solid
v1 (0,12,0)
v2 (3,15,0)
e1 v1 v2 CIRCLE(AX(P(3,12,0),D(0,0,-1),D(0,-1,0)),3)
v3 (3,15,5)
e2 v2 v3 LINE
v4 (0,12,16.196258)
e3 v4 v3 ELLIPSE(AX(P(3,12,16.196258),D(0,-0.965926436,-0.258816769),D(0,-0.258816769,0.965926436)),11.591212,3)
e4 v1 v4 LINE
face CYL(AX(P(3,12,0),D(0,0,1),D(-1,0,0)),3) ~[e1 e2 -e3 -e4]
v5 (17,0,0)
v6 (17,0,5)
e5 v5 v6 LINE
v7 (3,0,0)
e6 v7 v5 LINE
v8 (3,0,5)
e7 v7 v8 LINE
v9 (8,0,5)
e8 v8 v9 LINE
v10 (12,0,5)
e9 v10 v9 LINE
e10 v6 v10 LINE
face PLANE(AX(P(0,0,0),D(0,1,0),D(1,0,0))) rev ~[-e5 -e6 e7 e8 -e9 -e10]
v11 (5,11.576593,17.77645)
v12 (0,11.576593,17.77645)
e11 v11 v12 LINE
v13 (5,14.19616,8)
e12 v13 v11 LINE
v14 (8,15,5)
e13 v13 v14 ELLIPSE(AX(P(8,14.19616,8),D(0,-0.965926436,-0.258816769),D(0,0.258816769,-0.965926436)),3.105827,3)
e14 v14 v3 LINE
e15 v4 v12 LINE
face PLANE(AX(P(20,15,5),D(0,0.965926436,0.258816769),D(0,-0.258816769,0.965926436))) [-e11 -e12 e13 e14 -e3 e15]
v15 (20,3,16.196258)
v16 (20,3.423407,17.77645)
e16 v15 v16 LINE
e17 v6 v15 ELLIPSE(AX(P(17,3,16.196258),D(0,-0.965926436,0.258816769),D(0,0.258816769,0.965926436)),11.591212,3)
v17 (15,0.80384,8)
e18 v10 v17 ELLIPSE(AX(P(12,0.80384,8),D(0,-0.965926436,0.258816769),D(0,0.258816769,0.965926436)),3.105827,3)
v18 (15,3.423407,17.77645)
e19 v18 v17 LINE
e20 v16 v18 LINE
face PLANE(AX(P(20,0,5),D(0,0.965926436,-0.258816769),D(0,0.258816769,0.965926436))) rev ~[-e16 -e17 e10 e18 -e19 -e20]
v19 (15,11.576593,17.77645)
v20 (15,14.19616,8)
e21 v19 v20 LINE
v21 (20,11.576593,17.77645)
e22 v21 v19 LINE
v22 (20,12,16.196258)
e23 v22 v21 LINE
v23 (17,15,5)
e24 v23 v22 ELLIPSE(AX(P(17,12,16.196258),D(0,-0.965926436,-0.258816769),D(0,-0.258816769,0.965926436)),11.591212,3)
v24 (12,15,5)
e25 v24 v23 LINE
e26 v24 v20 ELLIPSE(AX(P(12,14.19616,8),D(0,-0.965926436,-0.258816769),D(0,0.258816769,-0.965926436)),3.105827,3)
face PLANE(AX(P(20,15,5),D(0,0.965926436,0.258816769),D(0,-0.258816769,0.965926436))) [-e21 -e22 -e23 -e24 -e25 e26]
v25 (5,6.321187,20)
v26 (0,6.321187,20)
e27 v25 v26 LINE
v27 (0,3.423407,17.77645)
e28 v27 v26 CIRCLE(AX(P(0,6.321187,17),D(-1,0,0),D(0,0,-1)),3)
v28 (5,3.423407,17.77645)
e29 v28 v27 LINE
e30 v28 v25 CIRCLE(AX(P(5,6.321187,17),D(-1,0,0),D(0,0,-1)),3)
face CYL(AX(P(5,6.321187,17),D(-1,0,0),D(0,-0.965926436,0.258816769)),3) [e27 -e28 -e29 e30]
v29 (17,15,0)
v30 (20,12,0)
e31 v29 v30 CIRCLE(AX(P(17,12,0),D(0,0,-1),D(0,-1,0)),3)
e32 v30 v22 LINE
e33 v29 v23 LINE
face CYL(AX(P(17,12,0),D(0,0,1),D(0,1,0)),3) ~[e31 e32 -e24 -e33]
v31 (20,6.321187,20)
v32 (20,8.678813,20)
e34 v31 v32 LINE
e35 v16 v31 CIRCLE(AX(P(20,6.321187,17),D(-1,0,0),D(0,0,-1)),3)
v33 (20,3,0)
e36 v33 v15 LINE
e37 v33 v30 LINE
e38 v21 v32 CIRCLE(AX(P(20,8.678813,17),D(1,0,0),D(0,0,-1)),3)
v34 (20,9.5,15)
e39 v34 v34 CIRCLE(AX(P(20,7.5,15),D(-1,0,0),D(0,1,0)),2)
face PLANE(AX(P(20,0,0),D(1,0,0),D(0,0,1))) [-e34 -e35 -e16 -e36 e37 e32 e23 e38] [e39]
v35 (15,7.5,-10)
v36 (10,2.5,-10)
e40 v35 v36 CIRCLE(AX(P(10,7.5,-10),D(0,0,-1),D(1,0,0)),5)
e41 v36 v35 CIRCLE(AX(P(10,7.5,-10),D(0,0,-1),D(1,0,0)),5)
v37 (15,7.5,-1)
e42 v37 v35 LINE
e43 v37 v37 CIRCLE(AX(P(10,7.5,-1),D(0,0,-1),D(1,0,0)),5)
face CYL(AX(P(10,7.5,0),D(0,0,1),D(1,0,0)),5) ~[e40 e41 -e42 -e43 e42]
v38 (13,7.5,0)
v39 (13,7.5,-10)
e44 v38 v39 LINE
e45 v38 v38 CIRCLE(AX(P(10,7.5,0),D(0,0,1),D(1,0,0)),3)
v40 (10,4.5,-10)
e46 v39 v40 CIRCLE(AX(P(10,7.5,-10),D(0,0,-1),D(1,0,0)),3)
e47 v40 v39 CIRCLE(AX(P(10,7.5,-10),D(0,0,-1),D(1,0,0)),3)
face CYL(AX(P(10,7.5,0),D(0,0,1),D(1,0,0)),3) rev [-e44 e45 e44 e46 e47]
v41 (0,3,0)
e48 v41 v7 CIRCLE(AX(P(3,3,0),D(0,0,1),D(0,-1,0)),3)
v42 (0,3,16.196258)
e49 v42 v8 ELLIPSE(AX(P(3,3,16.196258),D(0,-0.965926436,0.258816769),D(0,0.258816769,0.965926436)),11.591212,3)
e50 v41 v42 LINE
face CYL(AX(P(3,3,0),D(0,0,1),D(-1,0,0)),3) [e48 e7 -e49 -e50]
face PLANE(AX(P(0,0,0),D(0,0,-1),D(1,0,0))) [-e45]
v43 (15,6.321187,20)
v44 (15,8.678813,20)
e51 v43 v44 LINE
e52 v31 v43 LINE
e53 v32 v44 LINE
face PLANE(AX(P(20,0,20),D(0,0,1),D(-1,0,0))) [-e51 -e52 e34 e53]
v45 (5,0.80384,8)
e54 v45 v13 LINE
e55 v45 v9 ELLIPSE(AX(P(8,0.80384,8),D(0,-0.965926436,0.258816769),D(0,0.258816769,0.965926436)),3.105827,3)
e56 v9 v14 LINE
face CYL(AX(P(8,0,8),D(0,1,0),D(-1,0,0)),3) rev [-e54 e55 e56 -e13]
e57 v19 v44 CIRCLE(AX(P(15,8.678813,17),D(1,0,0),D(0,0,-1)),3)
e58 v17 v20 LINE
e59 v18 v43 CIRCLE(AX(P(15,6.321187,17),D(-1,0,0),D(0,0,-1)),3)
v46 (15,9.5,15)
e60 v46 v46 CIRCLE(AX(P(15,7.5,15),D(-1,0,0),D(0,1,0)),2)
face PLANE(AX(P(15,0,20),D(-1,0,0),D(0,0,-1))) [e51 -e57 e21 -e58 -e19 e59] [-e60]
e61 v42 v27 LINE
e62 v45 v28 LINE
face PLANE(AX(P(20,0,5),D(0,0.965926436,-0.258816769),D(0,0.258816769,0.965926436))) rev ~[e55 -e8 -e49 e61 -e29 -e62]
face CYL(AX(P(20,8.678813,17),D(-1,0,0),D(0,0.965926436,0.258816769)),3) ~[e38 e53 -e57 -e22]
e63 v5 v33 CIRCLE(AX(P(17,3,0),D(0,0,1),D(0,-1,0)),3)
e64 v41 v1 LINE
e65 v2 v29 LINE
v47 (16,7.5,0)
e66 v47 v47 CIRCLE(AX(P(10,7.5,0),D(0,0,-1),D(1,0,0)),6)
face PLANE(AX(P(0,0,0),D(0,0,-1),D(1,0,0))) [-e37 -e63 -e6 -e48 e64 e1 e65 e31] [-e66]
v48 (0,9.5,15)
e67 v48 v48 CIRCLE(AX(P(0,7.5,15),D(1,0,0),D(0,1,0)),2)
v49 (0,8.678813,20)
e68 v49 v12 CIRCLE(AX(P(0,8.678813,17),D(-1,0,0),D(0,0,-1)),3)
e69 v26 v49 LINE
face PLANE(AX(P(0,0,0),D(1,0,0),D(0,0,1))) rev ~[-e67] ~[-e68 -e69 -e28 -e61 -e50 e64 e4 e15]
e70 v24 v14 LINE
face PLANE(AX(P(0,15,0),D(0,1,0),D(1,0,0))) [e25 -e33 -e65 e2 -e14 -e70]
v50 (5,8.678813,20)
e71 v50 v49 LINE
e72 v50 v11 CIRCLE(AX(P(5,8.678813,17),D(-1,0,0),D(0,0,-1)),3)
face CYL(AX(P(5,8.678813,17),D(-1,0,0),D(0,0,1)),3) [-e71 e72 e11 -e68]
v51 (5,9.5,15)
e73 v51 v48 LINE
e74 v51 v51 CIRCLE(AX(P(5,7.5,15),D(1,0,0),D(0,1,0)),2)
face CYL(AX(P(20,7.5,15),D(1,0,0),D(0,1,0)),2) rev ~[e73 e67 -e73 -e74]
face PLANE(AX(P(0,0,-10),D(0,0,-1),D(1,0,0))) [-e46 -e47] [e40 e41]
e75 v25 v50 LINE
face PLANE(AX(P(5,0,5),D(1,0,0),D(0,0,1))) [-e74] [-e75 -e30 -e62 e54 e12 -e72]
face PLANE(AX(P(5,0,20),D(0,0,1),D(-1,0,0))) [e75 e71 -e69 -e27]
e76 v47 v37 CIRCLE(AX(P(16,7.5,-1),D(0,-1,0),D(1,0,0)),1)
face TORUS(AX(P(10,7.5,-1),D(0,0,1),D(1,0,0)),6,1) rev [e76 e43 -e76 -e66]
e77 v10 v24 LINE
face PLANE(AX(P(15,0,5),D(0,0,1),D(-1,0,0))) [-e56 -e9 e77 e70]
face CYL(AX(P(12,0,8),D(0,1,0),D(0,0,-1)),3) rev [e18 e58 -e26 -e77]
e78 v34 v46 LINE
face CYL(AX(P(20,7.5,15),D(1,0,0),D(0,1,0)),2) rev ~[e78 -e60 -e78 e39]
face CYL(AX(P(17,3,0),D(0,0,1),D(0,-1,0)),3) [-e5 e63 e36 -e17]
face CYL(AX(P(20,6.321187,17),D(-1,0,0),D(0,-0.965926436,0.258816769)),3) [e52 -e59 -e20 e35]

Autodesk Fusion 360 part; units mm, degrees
sketch "Sketch1" plane through (0, 0, 0) normal (0, 1, 0) x (1, 0, 0)
  line L0 (0, 0) -> (20, 0)
  line L1 (20, 0) -> (20, -20)
  line L2 (20, -20) -> (15, -20)
  line L3 (15, -20) -> (15, -5)
  line L4 (15, -5) -> (5, -5)
  line L5 (5, -5) -> (5, -20)
  line L6 (5, -20) -> (0, -20)
  line L7 (0, 0) -> (0, -20)
  dimension "d1" = 5
  dimension "d2" = 15
  dimension "d3" = 10
extrude "Extrude1" add sketch "Sketch1" along normal blind 15
sketch "Sketch2" plane through (20, 0, 0) normal (1, 0, 0) x (0, 1, 0)
  line L0 (0, 20) -> (0, 0)
  line L1 (0, 0) -> (15, 0)
  line L2 (15, 0) -> (15, 20)
  line L3 (15, 20) -> (0, 20)
  line L4 (7.5, 20) -> (7.5, 15)
  circle A0 centre (7.5, 15) radius 2
  dimension "d6" = 5
  dimension "d7" = 4
extrude "Extrude2" cut sketch "Sketch2" against normal through all contours A0
sketch "Sketch3" plane through (0, 0, 0) normal (0, 0, -1) x (1, 0, 0)
  line L0 (20, 0) -> (0, 0)
  line L1 (0, 0) -> (0, -15)
  line L2 (0, -15) -> (20, -15)
  line L3 (20, -15) -> (20, 0)
  line L4 (10, 0) -> (10, -7.5)
  circle A0 centre (10, -7.5) radius 5
  circle A1 centre (10, -7.5) radius 3
  dimension "d9" = 7.5
  dimension "d10" = 10
  dimension "d11" = 6
extrude "Extrude3" add sketch "Sketch3" along normal blind 10 contours A0
sketch "Sketch4" plane through (20, 0, 0) normal (1, 0, 0) x (0, 1, 0)
  circle A0 centre (7.5, 15) radius 2
  line L0 (0, 20) -> (0, 0)
  line L1 (0, 0) -> (15, 0)
  line L2 (15, 0) -> (15, 20)
  line L3 (15, 20) -> (0, 20)
  line L4 (0, 5) -> (4.0192, 20)
  line L5 (0, 5) -> (15, 5)
  line L6 (15, 5) -> (10.9808, 20)
  dimension "d14" = 75
  dimension "d15" = 75
extrude "Extrude4" cut sketch "Sketch4" against normal through all contours L0 L3 L4 | L2 L3 L6
fillet "Fillet1" radius 3 4 edges at (2.5, 4.0192, 20) (2.5, 10.9808, 20) (17.5, 4.0192, 20) (17.5, 10.9808, 20)
fillet "Fillet2" radius 3 6 edges at (0, 0, 2.5) (20, 0, 2.5) (20, 15, 2.5) (5, 7.5, 5) (15, 7.5, 5) (0, 15, 2.5)
fillet "Fillet3" radius 1 1 edges at (5.3384, 5.6919, 0)
